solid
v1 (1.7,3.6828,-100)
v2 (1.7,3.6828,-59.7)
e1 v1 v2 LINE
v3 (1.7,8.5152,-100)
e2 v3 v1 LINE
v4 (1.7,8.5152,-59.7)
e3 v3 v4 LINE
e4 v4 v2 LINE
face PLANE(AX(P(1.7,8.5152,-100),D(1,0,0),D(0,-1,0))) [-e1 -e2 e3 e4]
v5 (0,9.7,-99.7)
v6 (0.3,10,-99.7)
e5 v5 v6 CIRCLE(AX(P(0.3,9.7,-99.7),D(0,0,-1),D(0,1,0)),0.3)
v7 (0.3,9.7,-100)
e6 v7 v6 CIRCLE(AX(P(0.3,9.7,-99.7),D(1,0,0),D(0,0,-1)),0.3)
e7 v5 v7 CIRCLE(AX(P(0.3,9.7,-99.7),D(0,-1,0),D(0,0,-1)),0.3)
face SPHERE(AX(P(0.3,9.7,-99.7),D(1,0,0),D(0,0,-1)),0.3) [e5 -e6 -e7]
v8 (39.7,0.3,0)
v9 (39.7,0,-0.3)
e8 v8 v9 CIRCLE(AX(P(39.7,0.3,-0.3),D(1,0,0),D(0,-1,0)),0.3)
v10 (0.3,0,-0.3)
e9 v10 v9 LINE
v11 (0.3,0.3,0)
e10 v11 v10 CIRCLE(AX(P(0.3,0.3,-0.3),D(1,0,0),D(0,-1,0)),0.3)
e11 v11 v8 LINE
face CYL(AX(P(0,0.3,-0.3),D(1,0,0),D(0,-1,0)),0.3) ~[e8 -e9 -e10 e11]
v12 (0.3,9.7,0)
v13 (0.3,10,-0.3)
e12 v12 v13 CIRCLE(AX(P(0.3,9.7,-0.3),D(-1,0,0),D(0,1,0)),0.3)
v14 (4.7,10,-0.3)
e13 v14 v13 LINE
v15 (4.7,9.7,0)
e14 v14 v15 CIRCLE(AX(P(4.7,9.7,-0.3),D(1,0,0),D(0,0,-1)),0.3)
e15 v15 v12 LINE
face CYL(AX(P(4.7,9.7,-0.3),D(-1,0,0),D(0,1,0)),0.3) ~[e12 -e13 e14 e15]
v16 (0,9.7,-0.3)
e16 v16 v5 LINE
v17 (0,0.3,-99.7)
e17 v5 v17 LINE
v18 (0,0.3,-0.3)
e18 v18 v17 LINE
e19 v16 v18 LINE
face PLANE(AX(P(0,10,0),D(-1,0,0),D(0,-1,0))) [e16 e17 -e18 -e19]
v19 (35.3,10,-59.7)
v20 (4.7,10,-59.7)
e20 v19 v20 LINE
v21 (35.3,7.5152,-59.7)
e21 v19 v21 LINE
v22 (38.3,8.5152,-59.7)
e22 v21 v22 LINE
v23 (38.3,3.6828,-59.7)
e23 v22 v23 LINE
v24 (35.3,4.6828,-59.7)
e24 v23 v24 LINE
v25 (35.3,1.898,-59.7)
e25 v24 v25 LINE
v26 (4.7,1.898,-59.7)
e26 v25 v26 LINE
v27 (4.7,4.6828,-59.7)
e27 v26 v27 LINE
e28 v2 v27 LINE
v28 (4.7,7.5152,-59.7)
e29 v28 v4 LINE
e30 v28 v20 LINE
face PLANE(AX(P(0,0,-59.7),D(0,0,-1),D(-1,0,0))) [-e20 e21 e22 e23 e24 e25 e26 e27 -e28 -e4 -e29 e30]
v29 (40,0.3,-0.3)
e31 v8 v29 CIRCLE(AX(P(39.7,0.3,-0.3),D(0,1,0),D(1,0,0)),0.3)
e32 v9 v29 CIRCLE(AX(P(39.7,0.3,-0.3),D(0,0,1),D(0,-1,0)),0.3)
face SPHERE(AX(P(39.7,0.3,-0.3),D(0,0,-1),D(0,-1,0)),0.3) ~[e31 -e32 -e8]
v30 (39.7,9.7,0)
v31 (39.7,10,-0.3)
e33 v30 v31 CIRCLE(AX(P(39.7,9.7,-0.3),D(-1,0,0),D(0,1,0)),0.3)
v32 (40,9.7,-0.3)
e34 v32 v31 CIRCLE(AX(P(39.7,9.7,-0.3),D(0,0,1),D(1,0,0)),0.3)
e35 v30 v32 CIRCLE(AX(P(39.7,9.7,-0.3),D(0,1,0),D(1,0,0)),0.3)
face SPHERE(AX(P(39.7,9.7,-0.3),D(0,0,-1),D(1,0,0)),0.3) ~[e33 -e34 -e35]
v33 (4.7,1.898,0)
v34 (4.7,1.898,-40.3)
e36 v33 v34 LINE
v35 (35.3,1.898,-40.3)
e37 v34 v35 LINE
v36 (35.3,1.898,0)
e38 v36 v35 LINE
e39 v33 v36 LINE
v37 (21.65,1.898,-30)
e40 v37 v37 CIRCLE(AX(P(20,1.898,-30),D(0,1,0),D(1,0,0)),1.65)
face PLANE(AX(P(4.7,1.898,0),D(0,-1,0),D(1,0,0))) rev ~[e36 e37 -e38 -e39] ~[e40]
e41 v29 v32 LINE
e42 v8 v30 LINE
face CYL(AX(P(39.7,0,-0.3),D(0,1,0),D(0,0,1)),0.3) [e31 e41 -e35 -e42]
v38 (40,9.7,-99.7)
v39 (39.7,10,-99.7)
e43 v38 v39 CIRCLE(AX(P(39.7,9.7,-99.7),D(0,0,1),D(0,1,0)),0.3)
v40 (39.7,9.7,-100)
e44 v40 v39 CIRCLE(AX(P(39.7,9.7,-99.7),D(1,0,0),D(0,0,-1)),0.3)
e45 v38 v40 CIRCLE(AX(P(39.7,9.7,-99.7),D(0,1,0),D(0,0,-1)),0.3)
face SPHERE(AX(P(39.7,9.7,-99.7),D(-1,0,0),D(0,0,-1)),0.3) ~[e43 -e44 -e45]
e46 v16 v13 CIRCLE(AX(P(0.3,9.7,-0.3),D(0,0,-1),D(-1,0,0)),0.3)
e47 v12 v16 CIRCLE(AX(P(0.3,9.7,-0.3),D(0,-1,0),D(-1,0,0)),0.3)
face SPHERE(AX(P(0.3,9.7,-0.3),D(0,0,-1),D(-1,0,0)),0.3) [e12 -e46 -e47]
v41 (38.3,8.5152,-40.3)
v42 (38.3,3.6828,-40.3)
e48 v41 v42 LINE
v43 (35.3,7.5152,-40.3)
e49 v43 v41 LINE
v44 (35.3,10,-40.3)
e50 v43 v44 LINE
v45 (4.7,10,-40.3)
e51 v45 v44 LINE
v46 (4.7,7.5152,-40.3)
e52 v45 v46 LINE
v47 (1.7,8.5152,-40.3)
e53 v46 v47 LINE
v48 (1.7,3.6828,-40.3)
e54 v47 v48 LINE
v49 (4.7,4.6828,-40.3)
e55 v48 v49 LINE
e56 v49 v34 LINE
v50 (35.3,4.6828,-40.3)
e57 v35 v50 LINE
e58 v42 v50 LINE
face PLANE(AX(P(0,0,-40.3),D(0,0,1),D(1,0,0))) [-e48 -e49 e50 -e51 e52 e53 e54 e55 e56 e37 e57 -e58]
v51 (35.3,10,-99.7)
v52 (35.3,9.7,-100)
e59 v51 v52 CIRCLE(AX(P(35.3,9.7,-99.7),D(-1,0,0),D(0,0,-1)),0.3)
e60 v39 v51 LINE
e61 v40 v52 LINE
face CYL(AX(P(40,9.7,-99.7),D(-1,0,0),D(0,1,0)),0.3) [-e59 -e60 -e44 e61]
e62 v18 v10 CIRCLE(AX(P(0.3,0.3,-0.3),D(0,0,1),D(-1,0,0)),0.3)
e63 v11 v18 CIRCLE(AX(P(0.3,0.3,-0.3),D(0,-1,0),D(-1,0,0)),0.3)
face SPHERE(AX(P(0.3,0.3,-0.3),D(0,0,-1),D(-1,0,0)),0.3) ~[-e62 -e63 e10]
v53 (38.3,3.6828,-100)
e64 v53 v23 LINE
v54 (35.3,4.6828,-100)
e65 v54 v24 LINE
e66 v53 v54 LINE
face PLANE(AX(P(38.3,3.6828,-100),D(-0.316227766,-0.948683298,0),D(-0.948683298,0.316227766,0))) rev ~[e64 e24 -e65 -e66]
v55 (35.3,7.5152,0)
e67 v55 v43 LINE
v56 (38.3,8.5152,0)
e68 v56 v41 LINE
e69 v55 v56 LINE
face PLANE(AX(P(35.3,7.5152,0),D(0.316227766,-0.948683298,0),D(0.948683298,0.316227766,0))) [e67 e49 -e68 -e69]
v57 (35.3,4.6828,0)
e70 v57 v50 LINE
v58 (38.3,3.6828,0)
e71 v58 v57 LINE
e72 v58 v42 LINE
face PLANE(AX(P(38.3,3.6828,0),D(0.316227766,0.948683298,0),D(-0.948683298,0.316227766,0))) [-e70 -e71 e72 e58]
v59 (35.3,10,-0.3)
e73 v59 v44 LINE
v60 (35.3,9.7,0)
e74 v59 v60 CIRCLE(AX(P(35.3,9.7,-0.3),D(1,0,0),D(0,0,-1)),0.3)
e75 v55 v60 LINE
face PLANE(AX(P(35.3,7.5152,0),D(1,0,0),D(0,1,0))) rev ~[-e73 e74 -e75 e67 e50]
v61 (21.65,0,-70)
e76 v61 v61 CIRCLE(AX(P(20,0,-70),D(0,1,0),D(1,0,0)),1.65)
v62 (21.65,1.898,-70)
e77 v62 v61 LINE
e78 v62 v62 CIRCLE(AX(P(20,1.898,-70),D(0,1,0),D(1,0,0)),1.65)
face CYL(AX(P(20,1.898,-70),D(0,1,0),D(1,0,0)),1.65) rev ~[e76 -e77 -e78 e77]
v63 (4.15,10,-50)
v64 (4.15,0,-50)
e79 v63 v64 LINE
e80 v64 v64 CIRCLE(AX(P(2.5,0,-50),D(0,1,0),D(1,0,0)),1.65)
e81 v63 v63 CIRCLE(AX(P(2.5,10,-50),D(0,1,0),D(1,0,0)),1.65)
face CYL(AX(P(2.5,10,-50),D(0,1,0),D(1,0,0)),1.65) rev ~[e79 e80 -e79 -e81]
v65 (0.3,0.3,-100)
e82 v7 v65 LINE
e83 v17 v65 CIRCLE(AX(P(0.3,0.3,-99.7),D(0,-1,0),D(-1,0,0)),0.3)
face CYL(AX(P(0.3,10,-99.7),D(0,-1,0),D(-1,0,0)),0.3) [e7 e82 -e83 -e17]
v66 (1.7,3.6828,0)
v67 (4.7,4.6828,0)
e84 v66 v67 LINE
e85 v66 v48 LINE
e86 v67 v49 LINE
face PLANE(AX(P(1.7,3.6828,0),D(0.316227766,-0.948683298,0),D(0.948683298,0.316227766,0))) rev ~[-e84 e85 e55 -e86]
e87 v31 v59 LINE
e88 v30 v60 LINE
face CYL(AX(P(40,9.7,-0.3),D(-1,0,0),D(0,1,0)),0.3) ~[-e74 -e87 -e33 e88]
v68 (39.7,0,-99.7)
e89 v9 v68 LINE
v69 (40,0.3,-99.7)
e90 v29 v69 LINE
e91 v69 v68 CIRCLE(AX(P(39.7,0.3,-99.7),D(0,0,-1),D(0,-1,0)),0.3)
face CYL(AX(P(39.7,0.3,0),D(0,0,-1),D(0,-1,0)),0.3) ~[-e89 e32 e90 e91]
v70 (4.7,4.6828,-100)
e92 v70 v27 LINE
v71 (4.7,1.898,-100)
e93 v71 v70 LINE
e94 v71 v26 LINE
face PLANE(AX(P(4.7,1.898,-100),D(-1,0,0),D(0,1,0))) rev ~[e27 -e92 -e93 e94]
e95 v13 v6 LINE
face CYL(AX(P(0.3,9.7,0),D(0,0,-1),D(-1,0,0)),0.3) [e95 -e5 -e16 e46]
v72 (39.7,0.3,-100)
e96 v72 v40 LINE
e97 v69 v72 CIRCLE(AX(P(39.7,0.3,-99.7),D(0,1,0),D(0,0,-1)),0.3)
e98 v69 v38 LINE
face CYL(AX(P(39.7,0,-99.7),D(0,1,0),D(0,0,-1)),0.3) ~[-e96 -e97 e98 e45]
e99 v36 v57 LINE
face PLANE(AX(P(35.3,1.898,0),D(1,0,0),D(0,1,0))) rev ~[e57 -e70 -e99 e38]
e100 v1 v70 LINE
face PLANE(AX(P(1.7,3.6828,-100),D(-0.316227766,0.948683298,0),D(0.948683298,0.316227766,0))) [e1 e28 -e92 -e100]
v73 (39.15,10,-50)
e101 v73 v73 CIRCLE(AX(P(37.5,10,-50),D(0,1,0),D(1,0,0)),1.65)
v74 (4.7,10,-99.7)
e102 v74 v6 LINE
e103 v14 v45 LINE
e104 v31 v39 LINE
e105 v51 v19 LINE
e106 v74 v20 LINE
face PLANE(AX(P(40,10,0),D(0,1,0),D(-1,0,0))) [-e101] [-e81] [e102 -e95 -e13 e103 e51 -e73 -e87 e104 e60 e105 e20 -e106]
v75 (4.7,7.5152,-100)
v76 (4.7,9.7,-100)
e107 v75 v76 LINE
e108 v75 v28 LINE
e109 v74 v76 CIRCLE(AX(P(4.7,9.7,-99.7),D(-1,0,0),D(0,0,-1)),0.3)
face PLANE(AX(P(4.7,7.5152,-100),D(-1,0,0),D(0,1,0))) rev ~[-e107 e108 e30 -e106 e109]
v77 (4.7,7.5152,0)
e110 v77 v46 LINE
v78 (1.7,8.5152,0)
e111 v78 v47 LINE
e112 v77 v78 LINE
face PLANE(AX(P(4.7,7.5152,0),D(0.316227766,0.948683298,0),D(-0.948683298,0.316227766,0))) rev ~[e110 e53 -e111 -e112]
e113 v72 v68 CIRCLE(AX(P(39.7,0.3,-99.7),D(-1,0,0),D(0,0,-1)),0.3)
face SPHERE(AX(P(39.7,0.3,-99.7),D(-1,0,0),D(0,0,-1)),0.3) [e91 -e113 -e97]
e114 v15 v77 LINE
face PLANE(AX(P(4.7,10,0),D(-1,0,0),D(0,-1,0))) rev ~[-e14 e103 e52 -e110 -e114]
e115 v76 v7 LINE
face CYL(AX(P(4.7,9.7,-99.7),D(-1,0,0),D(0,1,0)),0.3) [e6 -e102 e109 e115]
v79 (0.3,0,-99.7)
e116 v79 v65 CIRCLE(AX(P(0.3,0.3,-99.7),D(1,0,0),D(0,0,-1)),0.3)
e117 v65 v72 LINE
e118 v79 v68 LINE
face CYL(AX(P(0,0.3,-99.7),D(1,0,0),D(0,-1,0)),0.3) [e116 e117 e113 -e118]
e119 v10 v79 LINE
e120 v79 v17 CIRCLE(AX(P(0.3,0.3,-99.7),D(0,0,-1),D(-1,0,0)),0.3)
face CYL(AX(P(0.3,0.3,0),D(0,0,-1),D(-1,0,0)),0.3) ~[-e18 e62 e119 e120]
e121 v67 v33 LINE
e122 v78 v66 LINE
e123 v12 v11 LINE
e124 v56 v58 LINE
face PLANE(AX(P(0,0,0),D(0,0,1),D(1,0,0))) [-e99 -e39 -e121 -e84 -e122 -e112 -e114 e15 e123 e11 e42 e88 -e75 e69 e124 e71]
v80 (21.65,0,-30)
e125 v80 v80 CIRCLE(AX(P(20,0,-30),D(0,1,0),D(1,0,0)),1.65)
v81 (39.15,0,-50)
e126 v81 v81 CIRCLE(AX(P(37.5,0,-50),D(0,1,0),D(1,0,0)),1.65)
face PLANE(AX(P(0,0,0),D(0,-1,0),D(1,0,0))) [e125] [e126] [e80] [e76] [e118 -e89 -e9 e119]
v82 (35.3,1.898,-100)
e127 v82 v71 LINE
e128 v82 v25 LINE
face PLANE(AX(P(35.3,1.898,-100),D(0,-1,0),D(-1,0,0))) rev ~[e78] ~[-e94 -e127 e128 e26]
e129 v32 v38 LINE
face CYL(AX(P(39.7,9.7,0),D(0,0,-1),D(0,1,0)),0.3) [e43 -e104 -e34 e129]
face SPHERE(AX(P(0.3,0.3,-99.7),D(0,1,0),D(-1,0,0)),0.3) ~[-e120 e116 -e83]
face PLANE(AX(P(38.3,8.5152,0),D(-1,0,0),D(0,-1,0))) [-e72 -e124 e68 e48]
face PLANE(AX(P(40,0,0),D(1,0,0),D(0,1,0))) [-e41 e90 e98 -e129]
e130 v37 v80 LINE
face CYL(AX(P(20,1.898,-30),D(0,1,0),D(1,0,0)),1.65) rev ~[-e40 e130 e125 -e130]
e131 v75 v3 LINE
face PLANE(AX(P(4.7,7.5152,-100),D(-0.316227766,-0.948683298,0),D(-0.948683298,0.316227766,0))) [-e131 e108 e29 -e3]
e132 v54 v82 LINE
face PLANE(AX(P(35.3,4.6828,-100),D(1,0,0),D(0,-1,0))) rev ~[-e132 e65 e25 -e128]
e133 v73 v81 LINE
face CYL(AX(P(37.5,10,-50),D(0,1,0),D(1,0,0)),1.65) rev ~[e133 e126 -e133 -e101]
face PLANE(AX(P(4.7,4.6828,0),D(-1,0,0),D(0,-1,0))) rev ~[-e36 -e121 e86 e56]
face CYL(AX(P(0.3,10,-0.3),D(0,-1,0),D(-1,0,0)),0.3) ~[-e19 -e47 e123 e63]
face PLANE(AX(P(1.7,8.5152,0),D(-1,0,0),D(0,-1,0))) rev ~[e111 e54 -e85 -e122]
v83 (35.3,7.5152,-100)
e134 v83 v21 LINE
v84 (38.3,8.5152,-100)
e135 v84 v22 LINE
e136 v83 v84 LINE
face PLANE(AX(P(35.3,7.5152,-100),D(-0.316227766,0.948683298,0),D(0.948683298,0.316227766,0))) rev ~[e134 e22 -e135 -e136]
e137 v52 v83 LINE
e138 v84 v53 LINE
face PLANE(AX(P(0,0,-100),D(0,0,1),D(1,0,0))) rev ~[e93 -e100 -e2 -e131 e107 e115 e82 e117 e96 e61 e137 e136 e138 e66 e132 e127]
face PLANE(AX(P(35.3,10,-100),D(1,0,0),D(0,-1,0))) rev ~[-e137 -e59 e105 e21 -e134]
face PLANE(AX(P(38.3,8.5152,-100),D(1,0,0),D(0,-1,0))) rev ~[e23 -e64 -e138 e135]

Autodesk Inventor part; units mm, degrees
ref_plane "YZ Plane" through (0, 0, 0) normal (1, 0, 0) x (0, 1, 0)
ref_plane "XZ Plane" through (0, 0, 0) normal (0, 1, 0) x (-1, 0, 0)
ref_plane "XY Plane" through (0, 0, 0) normal (0, 0, 1) x (1, 0, 0)
sketch "Sketch1" plane through (0, 0, 0) normal (0, 0, 1) x (1, 0, 0)
  line L0 (0, 0) -> (40, 0)
  line L1 (40, 0) -> (40, 10)
  line L2 (40, 10) -> (0, 10)
  line L3 (0, 10) -> (0, 0)
  dimension "d0" = 40
  dimension "d1" = 10
extrude "Extrusion1" add sketch "Sketch1" against normal blind 100
sketch "Sketch2" plane through (0, 0, 0) normal (0, 0, 1) x (1, 0, 0)
  line L0 (4.7, 1.898) -> (35.3, 1.898)
  line L1 (38.3, 8.5152) -> (38.3, 3.6828)
  line L2 (1.7, 8.5152) -> (1.7, 3.6828)
  line L3 (35.3, 7.5152) -> (38.3, 8.5152)
  line L4 (35.3, 7.5152) -> (35.3, 10)
  line L5 (35.3, 1.898) -> (35.3, 4.6828)
  line L6 (38.3, 3.6828) -> (35.3, 4.6828)
  line L7 (4.7, 7.5152) -> (1.7, 8.5152)
  line L8 (4.7, 10) -> (4.7, 7.5152)
  line L9 (4.7, 4.6828) -> (4.7, 1.898)
  line L10 (1.7, 3.6828) -> (4.7, 4.6828)
  line L11 (4.7, 10) -> (35.3, 10)
extrude "Extrusion2" cut sketch "Sketch2" against normal blind 40.3
sketch "Sketch3" plane through (0, 0, -100) normal (0, 0, -1) x (-1, 0, 0)
  line L0 (-35.3, 1.898) -> (-4.7, 1.898)
  line L1 (-1.7, 8.5152) -> (-1.7, 3.6828)
  line L2 (-38.3, 8.5152) -> (-38.3, 3.6828)
  line L3 (-4.7, 7.5152) -> (-1.7, 8.5152)
  line L4 (-4.7, 7.5152) -> (-4.7, 10)
  line L5 (-4.7, 1.898) -> (-4.7, 4.6828)
  line L6 (-1.7, 3.6828) -> (-4.7, 4.6828)
  line L7 (-35.3, 7.5152) -> (-38.3, 8.5152)
  line L8 (-35.3, 10) -> (-35.3, 7.5152)
  line L9 (-35.3, 4.6828) -> (-35.3, 1.898)
  line L10 (-38.3, 3.6828) -> (-35.3, 4.6828)
  line L11 (-35.3, 10) -> (-4.7, 10)
extrude "Extrusion3" cut sketch "Sketch3" against normal blind 40.3
sketch "Sketch5" plane through (4.7, 1.898, 0) normal (0, 1, 0) x (1, 0, 0)
  circle A0 centre (15.3, 30) radius 1.65
  line L0 (35.3, 0) -> (35.3, 100) projected
  circle A1 centre (15.3, 70) radius 1.65
  point P0 (-4.7, 0)
extrude "Extrusion5" cut sketch "Sketch5" against normal blind 5
fillet "Fillet1" radius 0.3 14 edges at (2.35, 10, -100) (37.65, 10, -100) (0, 5, -100) (0, 10, -50) (0, 0, -50) (20, 0, -100) (40, 5, -100) (0, 5, 0) (40, 10, -50) (40, 0, -50) (20, 0, 0) (40, 5, 0) (2.35, 10, 0) (37.65, 10, 0)
sketch "Sketch6" plane through (4.7, 10, -40.3) normal (0, 1, 0) x (1, 0, 0)
  line L0 (-4.4, -40) -> (-4.4, 59.4) projected
  line L1 (-4.7, 59.4) -> (-4.7, -40) projected
  line L2 (35.3, -40) -> (35.3, 59.4) projected
  circle A0 centre (32.8, 9.7) radius 1.65
  circle A1 centre (-2.2, 9.7) radius 1.65
  point P0 (-4.7, -40.3)
  dimension "d29" = 3.3
  dimension "d30" = 3.3
extrude "Extrusion6" cut sketch "Sketch6" against normal blind 10
properties part number "centralBody"
